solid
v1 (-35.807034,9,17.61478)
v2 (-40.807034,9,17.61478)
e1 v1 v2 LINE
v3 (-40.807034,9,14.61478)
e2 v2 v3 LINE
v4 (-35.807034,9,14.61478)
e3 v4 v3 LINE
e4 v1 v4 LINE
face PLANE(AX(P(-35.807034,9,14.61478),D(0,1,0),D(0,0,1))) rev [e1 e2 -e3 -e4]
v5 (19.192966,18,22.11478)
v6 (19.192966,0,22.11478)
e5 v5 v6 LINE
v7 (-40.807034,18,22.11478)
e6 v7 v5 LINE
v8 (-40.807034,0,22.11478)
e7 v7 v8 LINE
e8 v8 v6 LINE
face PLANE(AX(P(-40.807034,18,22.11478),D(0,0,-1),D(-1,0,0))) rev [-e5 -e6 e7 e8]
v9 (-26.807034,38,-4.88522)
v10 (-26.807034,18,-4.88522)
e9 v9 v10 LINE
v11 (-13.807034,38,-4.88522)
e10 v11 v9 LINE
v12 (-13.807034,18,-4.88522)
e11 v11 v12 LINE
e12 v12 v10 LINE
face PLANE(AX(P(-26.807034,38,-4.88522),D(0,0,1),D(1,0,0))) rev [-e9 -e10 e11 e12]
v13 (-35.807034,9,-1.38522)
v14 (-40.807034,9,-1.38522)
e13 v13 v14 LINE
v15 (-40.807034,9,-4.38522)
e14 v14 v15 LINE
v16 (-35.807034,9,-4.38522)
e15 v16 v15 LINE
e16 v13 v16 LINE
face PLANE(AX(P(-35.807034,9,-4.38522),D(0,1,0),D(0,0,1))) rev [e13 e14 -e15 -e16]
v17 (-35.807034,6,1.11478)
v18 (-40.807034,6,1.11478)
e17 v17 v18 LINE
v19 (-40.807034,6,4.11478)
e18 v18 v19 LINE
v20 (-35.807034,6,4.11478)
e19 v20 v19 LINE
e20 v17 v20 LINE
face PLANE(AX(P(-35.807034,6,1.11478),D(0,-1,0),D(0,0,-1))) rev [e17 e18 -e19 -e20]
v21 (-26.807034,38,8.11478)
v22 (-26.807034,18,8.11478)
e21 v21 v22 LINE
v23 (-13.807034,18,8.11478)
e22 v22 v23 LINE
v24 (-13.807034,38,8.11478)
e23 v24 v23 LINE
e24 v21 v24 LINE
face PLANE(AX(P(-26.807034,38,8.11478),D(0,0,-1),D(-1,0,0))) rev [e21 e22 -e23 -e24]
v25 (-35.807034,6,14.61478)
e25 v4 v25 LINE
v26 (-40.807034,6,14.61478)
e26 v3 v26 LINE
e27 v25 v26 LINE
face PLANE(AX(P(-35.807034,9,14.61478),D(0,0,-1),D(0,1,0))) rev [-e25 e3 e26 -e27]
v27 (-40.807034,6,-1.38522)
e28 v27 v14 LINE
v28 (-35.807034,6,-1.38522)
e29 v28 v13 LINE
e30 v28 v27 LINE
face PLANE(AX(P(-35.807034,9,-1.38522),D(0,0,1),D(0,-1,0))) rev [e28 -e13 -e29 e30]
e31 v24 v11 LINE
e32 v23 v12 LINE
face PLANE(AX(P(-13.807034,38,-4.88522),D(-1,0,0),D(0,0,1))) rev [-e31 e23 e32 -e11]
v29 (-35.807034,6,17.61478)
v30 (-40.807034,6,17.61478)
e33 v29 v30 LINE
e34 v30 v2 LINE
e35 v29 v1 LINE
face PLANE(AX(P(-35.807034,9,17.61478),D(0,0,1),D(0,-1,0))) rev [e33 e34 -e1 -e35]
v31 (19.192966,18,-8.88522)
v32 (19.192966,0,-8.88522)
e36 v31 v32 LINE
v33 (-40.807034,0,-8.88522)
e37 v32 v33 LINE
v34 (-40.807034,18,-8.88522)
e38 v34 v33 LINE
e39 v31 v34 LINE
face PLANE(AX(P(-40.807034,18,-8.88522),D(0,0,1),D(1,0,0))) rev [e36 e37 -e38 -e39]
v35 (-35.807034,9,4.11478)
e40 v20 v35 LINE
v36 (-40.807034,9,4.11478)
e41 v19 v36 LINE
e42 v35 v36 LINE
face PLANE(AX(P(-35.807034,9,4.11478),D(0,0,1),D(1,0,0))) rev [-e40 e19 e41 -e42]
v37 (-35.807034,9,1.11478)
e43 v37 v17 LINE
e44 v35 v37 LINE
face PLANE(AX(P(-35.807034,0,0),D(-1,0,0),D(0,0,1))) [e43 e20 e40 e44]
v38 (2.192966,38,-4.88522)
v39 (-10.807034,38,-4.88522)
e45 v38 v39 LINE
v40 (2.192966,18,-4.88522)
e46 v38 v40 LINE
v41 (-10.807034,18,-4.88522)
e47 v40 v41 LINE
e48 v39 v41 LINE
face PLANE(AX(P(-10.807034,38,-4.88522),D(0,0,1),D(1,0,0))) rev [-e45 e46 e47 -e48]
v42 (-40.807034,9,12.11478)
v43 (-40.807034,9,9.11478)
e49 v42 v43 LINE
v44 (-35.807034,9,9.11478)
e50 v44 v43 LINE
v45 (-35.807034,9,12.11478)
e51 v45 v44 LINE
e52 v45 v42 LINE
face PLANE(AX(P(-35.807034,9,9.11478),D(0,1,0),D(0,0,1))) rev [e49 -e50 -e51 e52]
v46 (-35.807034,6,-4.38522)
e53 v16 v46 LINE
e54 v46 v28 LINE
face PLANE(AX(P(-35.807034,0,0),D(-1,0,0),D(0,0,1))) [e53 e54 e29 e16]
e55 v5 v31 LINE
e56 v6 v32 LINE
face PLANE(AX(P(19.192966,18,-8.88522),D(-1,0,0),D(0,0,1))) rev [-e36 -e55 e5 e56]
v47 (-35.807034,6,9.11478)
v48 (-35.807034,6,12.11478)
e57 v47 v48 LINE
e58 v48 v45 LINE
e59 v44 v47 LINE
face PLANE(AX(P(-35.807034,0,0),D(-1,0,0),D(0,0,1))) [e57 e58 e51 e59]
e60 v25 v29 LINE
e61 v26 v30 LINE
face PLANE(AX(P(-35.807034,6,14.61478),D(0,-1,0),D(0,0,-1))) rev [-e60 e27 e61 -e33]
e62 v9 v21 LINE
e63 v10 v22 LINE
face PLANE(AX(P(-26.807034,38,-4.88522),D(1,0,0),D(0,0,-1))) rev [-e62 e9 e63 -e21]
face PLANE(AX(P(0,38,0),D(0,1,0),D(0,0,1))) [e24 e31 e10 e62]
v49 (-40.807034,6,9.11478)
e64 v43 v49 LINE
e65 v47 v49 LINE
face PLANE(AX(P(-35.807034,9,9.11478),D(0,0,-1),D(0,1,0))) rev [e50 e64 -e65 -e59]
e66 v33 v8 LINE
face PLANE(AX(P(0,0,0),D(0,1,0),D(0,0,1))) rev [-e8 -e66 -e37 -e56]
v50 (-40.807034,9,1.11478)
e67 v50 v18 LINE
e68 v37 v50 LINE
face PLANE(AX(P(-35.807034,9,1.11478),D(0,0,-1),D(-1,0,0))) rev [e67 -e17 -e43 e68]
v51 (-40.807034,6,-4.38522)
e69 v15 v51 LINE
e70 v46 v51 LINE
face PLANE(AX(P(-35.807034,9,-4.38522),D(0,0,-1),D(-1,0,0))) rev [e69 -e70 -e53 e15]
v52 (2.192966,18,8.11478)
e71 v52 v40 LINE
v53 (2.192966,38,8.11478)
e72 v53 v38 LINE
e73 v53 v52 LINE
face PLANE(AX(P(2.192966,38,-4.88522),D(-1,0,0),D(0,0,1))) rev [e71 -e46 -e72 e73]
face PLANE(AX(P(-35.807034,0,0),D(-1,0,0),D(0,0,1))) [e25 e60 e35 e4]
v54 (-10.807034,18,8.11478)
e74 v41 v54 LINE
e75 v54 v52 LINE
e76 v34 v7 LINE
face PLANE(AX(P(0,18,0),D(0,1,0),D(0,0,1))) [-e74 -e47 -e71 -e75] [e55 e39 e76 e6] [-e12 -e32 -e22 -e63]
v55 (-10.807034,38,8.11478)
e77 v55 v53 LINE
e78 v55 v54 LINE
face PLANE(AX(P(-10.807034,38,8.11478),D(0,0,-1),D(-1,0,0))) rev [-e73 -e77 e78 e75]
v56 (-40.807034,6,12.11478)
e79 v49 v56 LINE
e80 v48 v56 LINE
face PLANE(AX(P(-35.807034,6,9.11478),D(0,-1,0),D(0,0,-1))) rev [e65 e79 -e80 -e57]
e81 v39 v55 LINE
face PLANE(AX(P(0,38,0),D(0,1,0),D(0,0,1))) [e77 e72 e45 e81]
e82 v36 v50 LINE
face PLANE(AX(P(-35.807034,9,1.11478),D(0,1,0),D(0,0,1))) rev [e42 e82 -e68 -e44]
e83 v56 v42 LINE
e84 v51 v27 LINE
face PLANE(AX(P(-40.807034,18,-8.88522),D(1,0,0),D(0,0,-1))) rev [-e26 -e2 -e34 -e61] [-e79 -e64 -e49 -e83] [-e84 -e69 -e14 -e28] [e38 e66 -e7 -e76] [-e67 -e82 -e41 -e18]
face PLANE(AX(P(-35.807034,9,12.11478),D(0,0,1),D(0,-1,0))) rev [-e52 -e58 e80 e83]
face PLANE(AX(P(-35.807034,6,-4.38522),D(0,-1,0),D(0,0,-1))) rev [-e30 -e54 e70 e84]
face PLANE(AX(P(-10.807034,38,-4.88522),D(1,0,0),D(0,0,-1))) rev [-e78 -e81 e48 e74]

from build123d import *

# Parameters (mm, degrees)
SCHIZZO1_W                   = 60
SCHIZZO1_H                   = 31
ESTRUSIONE_ESTRUSIONE1_DEPTH = 18
SCHIZZO2_W                   = 13
SCHIZZO2_H                   = 13
ESTRUSIONE_ESTRUSIONE2_DEPTH = 20
SCHIZZO3_W                   = 3
SCHIZZO3_H                   = 3
TAGLIO_ESTRUSIONE1_DEPTH     = 5


with BuildPart() as part:
    # Schizzo1 → Estrusione-Estrusione1 (new body)
    with BuildSketch(Plane(origin=(0, 0, 0), x_dir=(1, 0, 0), z_dir=(0, 1, 0))):
        with Locations((-10.807034353, -6.614779908)):
            Rectangle(SCHIZZO1_W, SCHIZZO1_H)
    extrude(amount=ESTRUSIONE_ESTRUSIONE1_DEPTH)

    # Schizzo2 → Estrusione-Estrusione2 (add)
    with BuildSketch(Plane(origin=(0, 18, 0), x_dir=(1, 0, 0), z_dir=(0, 1, 0))):
        with Locations((-20.307034353, -1.614779908)):
            Rectangle(SCHIZZO2_W, SCHIZZO2_H)
        with Locations((-4.307034353, -1.614779908)):
            Rectangle(SCHIZZO2_W, SCHIZZO2_H)
    extrude(amount=ESTRUSIONE_ESTRUSIONE2_DEPTH)

    # Schizzo3 → Taglio-Estrusione1 (cut)
    with BuildSketch(Plane.ZY.offset(40.807034353)):
        with Locations((-2.885220092, 7.5)):
            Rectangle(SCHIZZO3_W, SCHIZZO3_H)
        with Locations((2.614779908, 7.5)):
            Rectangle(SCHIZZO3_W, SCHIZZO3_H)
        with Locations((10.614779908, 7.5)):
            Rectangle(SCHIZZO3_W, SCHIZZO3_H)
        with Locations((16.114779908, 7.5)):
            Rectangle(SCHIZZO3_W, SCHIZZO3_H)
    extrude(amount=-TAGLIO_ESTRUSIONE1_DEPTH, mode=Mode.SUBTRACT)


solid = part.part
